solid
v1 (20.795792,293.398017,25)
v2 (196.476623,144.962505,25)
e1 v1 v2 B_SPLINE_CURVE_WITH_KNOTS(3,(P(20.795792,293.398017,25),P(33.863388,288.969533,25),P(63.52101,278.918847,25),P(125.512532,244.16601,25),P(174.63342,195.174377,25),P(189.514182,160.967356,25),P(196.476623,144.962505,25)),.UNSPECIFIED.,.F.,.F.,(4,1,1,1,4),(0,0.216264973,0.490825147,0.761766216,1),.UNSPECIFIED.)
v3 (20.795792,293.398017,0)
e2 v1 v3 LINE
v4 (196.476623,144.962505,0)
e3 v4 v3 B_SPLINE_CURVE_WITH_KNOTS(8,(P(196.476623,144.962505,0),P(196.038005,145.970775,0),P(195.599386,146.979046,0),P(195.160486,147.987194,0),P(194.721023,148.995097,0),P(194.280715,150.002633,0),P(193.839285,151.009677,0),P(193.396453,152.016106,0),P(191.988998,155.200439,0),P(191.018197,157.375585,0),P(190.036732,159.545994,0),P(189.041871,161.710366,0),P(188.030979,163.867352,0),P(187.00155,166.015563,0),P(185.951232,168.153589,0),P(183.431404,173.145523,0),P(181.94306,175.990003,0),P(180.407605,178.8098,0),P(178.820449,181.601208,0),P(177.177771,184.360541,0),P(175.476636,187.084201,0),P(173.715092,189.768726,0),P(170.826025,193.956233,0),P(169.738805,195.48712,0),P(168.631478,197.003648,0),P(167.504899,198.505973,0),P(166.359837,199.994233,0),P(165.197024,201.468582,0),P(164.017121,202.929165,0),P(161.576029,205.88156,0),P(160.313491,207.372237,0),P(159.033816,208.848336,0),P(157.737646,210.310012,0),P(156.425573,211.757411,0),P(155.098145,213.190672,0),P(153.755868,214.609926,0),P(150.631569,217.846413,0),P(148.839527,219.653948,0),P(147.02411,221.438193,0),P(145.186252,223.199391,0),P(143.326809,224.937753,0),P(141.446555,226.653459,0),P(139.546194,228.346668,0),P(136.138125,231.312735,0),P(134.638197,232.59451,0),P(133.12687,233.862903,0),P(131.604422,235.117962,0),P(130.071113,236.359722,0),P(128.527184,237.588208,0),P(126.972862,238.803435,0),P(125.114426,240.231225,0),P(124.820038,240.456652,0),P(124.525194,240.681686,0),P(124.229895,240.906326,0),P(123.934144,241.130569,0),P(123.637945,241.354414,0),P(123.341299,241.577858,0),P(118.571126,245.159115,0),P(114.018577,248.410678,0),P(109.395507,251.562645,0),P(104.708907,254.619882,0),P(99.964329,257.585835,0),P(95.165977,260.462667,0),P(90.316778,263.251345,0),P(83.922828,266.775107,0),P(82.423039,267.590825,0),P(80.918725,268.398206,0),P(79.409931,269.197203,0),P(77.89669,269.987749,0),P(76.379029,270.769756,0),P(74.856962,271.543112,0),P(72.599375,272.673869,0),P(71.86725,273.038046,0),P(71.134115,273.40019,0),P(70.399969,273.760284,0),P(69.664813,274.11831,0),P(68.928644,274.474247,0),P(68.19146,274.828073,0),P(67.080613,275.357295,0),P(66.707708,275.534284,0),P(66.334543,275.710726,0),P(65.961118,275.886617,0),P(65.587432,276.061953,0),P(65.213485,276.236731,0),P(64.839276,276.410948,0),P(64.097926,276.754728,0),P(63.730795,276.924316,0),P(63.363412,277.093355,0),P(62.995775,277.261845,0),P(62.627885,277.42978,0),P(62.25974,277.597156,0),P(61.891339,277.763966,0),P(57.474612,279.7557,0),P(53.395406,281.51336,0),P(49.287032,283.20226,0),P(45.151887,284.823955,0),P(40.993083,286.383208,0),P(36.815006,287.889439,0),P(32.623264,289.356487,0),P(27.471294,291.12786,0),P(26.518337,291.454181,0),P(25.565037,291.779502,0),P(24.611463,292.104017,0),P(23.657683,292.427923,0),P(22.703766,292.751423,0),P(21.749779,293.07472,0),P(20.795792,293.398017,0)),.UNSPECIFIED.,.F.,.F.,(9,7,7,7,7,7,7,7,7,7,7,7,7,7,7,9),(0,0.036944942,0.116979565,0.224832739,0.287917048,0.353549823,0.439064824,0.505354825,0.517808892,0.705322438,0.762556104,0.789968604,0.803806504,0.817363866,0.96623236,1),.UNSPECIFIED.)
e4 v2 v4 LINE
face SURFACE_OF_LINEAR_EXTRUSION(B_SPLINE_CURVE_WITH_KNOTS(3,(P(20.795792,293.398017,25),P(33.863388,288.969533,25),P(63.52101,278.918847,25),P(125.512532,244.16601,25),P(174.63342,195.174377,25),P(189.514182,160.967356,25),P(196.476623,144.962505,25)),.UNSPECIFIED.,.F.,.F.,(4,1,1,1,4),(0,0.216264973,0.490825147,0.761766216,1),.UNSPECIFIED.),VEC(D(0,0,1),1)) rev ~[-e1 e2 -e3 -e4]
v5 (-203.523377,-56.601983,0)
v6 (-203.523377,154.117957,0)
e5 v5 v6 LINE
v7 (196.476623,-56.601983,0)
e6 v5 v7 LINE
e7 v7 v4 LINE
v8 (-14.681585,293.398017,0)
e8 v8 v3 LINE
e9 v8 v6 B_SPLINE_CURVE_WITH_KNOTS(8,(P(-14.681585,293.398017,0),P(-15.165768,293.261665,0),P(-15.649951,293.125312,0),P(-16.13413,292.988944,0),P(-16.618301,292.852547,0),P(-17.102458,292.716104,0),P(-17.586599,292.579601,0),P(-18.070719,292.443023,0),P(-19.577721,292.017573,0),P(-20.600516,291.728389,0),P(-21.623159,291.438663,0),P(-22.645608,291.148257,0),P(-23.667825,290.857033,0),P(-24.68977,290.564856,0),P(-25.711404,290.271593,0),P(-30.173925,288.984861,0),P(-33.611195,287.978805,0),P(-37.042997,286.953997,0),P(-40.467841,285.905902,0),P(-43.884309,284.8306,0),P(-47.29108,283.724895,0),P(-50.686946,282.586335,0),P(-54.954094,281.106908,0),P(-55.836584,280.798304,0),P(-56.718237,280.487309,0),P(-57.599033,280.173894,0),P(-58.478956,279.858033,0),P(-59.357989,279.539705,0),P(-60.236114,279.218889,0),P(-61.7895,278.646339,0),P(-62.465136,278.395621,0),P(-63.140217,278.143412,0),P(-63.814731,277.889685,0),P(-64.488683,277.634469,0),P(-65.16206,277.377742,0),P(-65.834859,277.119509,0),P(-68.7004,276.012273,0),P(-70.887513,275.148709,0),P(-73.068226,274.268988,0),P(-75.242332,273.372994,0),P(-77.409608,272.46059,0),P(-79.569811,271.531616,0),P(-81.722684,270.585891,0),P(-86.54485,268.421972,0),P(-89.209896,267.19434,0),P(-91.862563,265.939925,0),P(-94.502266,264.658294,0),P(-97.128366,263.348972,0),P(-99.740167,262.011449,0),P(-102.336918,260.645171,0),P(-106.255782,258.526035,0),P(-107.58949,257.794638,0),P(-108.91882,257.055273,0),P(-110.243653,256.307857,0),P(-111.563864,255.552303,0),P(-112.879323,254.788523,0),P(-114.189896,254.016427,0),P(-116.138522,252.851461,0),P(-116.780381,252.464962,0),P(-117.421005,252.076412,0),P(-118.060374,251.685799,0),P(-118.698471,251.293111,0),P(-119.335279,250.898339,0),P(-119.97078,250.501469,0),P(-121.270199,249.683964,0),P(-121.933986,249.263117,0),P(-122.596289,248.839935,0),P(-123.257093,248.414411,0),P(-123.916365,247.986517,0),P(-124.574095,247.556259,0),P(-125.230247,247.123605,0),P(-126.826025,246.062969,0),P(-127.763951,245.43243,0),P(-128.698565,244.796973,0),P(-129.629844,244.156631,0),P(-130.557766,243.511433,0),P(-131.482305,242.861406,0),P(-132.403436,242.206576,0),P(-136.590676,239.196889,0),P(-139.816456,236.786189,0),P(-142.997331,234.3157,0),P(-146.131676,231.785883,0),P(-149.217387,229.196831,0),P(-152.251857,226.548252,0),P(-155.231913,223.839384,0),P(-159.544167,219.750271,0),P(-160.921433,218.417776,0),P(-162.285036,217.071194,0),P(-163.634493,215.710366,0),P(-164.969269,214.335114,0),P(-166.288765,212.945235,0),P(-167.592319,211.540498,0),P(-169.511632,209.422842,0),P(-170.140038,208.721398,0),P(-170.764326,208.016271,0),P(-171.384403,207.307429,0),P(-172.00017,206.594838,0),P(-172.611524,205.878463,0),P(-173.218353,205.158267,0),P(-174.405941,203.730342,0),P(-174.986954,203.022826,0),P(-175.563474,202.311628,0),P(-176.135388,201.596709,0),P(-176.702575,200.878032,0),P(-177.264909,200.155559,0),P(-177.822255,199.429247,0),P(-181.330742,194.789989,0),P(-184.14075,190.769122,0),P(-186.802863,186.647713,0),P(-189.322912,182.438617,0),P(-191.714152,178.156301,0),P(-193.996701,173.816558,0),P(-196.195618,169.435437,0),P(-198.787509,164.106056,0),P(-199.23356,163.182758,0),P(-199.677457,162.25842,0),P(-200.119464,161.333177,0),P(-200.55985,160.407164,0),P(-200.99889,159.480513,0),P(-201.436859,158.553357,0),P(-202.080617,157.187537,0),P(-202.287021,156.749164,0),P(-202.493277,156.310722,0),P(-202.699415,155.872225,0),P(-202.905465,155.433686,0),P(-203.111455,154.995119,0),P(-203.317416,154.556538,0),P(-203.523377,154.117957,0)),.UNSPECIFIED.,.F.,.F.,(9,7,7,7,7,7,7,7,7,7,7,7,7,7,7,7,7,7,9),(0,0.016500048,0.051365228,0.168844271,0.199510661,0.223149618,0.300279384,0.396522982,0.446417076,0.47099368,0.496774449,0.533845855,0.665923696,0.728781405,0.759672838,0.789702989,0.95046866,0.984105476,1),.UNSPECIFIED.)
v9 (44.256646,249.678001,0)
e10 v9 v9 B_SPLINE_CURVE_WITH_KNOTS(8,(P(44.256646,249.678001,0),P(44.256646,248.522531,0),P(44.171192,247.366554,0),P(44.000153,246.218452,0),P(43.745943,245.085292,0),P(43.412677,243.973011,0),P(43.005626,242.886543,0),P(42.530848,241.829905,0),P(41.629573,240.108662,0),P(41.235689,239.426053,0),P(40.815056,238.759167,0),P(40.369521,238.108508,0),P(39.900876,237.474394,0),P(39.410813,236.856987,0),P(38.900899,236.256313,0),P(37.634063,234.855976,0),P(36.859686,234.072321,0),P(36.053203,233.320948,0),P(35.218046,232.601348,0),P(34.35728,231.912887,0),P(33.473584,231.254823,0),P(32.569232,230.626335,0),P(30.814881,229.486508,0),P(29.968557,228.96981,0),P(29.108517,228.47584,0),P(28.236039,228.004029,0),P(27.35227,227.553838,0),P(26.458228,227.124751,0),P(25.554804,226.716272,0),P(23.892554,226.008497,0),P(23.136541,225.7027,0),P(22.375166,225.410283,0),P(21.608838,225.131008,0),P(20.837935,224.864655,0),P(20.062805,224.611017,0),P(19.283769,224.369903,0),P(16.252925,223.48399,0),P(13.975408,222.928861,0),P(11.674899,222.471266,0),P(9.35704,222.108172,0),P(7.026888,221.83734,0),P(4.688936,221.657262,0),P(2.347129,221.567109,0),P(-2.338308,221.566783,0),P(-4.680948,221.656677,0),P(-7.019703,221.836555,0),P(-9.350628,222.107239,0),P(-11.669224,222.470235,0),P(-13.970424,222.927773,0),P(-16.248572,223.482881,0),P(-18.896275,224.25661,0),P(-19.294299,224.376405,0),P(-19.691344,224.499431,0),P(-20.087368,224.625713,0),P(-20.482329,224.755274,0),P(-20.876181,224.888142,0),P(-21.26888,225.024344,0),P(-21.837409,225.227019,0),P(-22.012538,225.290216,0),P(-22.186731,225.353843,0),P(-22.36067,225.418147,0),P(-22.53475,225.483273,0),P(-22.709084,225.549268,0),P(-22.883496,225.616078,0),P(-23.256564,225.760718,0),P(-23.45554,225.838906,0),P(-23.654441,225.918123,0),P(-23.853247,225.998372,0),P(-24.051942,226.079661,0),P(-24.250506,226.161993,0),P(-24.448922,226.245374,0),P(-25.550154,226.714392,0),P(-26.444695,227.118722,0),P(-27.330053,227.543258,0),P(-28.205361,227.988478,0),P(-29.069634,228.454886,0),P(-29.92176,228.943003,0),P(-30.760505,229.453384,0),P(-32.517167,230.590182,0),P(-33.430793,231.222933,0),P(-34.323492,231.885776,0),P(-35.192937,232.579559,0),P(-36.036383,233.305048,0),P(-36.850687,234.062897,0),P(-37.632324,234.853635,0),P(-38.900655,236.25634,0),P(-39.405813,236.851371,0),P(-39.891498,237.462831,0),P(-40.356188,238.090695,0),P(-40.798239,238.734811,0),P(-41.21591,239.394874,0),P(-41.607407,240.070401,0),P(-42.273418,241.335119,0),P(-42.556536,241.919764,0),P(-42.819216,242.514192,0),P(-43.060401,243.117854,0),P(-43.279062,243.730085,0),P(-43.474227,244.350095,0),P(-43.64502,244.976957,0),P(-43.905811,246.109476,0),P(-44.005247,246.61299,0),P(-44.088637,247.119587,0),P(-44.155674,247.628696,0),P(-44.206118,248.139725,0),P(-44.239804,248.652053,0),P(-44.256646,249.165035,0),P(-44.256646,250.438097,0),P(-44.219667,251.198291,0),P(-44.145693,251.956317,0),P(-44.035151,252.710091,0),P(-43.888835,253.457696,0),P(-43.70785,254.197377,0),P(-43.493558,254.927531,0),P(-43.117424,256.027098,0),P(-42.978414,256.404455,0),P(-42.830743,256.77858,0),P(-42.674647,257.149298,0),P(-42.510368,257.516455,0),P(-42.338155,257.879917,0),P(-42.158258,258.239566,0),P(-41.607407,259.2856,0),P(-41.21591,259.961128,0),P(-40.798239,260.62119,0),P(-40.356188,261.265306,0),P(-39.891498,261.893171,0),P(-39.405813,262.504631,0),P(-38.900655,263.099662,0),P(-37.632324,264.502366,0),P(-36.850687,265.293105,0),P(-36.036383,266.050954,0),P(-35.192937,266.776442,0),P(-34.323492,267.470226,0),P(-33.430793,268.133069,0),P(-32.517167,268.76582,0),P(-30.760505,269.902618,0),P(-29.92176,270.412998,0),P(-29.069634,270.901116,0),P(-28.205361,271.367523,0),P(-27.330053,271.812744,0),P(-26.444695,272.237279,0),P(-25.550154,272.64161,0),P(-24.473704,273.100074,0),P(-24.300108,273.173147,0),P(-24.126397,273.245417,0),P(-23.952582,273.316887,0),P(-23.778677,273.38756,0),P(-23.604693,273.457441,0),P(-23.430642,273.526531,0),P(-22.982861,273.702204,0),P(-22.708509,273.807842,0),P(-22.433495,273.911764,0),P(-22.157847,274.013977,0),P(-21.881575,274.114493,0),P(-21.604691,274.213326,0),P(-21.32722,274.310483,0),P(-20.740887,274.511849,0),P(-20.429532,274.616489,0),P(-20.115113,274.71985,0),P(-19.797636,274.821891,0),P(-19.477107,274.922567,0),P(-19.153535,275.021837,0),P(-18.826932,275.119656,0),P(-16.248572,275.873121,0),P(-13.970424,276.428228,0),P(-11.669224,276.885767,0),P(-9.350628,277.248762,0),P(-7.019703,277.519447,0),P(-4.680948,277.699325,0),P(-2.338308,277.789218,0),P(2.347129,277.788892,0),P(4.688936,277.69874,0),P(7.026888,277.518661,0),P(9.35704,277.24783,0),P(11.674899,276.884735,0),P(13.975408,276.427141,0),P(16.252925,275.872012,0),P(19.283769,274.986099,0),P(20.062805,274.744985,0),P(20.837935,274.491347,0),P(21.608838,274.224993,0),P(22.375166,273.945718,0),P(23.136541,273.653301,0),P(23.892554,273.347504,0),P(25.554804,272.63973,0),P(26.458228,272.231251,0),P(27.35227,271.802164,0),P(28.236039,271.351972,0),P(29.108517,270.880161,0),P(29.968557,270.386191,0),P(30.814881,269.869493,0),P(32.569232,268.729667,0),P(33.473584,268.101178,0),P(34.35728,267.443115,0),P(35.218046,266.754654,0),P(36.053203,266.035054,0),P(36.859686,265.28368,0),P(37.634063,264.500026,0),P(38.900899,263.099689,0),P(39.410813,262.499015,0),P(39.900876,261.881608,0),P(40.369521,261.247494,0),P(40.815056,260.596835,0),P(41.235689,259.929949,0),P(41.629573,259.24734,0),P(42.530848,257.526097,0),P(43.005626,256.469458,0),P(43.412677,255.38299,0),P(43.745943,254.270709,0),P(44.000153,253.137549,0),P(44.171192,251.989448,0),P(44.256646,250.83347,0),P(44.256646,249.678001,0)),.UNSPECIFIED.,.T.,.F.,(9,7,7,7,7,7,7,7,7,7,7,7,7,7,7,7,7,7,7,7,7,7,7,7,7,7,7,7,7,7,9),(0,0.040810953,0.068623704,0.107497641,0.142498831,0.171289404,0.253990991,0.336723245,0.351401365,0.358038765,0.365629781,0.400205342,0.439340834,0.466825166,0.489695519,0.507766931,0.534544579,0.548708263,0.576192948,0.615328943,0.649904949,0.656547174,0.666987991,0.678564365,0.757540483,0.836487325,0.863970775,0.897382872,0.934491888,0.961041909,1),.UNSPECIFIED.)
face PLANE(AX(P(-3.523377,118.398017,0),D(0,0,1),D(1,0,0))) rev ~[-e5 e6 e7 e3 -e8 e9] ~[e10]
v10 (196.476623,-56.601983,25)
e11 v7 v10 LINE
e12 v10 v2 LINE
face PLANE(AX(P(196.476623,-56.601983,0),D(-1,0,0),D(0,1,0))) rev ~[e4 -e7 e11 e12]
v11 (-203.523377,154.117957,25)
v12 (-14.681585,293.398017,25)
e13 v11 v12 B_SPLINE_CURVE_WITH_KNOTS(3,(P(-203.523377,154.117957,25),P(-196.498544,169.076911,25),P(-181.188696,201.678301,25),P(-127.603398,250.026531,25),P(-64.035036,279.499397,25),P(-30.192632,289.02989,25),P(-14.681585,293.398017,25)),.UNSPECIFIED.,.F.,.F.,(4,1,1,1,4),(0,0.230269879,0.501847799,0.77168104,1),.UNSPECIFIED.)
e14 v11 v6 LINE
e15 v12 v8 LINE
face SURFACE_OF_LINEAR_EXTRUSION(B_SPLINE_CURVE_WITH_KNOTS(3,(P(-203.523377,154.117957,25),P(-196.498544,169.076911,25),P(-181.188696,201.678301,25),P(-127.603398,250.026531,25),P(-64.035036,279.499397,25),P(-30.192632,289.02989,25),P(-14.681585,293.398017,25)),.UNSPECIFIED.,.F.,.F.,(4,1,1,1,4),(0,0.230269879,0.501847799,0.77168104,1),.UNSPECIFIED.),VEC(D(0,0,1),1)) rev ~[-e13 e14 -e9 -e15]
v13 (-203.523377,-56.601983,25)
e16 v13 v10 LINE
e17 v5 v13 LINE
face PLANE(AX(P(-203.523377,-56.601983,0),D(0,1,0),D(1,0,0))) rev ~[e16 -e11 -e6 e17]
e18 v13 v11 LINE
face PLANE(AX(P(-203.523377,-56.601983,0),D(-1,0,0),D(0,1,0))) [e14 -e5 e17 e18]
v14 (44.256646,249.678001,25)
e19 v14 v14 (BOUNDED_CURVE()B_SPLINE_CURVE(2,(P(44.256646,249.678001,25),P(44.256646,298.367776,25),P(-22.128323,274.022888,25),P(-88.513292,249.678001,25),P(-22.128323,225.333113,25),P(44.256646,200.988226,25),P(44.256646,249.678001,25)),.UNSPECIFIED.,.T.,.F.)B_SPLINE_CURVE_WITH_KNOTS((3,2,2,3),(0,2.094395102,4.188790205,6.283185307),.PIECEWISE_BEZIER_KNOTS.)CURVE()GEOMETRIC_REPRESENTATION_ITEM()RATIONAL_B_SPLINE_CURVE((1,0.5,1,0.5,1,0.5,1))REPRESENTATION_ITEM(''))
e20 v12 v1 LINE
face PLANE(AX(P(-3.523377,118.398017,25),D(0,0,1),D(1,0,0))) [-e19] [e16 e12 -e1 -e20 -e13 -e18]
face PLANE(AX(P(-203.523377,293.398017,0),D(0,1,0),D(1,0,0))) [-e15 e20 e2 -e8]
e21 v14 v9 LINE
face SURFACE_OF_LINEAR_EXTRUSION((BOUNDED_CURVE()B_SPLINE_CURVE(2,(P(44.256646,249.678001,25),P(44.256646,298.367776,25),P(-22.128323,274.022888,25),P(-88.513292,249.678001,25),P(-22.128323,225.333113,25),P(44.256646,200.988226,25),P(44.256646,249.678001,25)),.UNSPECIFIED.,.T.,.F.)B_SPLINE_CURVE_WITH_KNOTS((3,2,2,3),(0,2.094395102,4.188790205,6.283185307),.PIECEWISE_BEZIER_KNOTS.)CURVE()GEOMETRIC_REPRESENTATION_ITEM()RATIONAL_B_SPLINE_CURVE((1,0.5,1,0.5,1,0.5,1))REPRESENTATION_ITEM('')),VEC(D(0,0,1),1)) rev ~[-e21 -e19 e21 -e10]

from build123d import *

# Parameters (mm, degrees)
F0_W     = 400
F0_H     = 350
F1_DEPTH = 25
F3_DEPTH = 25.001
F4_DEPTH = 25.0010001


with BuildPart() as f1:
    # F0 (on Top) → F1 (new body)
    with BuildSketch(Plane.XY):
        with Locations((-3.5233765841, 118.3980174363)):
            Rectangle(F0_W, F0_H)
    extrude(amount=F1_DEPTH)

    # F2 (on face) → F3 (cut, through all)
    with BuildSketch(Plane.XY.offset(25)):
        with BuildLine():
            add(Edge.make_bspline(
                [(44.2566461861, 249.6780008078), (44.2566461861, 298.3677757365), (-22.1283230931, 274.0228882721), (-88.5132923722, 249.6780008078), (-22.1283230931, 225.3331133434), (44.2566461861, 200.988225879), (44.2566461861, 249.6780008078)],
                knots=[0, 0, 0, 2.0943951024, 2.0943951024, 4.1887902048, 4.1887902048, 6.2831853072, 6.2831853072, 6.2831853072], degree=2, weights=[1, 0.5, 1, 0.5, 1, 0.5, 1]))
        make_face()
        with BuildLine():
            Line((-203.5233765841, 293.3980174363), (-203.5233765841, 154.1179567575))
            add(Edge.make_bspline(
                [(-203.5233765841, 154.1179567575), (-196.4985438324, 169.0769109558), (-181.1886958169, 201.6783013863), (-127.6033977729, 250.0265307191), (-64.03503585, 279.499396574), (-30.1926324088, 289.0298899369), (-14.6815851331, 293.3980174363)],
                knots=[0, 0, 0, 0, 0.2302698792, 0.5018477988, 0.7716810404, 1, 1, 1, 1], degree=3))
            Line((-14.6815851331, 293.3980174363), (-203.5233765841, 293.3980174363))
        make_face()
    extrude(amount=-F3_DEPTH, mode=Mode.SUBTRACT)

    # F2 (on face) → F4 (cut, through all)
    with BuildSketch(Plane.XY.offset(25)):
        with BuildLine():
            Line((196.4766234159, 293.3980174363), (20.7957923412, 293.3980174363))
            add(Edge.make_bspline(
                [(20.7957923412, 293.3980174363), (33.8633883832, 288.9695333507), (63.5210100201, 278.9188472863), (125.5125321267, 244.1660098466), (174.6334198472, 195.1743773184), (189.5141817422, 160.9673562984), (196.4766234159, 144.9625045061)],
                knots=[0, 0, 0, 0, 0.216264973, 0.4908251467, 0.7617662158, 1, 1, 1, 1], degree=3))
            Line((196.4766234159, 144.9625045061), (196.4766234159, 293.3980174363))
        make_face()
    extrude(amount=-F4_DEPTH, mode=Mode.SUBTRACT)


solid = f1.part
